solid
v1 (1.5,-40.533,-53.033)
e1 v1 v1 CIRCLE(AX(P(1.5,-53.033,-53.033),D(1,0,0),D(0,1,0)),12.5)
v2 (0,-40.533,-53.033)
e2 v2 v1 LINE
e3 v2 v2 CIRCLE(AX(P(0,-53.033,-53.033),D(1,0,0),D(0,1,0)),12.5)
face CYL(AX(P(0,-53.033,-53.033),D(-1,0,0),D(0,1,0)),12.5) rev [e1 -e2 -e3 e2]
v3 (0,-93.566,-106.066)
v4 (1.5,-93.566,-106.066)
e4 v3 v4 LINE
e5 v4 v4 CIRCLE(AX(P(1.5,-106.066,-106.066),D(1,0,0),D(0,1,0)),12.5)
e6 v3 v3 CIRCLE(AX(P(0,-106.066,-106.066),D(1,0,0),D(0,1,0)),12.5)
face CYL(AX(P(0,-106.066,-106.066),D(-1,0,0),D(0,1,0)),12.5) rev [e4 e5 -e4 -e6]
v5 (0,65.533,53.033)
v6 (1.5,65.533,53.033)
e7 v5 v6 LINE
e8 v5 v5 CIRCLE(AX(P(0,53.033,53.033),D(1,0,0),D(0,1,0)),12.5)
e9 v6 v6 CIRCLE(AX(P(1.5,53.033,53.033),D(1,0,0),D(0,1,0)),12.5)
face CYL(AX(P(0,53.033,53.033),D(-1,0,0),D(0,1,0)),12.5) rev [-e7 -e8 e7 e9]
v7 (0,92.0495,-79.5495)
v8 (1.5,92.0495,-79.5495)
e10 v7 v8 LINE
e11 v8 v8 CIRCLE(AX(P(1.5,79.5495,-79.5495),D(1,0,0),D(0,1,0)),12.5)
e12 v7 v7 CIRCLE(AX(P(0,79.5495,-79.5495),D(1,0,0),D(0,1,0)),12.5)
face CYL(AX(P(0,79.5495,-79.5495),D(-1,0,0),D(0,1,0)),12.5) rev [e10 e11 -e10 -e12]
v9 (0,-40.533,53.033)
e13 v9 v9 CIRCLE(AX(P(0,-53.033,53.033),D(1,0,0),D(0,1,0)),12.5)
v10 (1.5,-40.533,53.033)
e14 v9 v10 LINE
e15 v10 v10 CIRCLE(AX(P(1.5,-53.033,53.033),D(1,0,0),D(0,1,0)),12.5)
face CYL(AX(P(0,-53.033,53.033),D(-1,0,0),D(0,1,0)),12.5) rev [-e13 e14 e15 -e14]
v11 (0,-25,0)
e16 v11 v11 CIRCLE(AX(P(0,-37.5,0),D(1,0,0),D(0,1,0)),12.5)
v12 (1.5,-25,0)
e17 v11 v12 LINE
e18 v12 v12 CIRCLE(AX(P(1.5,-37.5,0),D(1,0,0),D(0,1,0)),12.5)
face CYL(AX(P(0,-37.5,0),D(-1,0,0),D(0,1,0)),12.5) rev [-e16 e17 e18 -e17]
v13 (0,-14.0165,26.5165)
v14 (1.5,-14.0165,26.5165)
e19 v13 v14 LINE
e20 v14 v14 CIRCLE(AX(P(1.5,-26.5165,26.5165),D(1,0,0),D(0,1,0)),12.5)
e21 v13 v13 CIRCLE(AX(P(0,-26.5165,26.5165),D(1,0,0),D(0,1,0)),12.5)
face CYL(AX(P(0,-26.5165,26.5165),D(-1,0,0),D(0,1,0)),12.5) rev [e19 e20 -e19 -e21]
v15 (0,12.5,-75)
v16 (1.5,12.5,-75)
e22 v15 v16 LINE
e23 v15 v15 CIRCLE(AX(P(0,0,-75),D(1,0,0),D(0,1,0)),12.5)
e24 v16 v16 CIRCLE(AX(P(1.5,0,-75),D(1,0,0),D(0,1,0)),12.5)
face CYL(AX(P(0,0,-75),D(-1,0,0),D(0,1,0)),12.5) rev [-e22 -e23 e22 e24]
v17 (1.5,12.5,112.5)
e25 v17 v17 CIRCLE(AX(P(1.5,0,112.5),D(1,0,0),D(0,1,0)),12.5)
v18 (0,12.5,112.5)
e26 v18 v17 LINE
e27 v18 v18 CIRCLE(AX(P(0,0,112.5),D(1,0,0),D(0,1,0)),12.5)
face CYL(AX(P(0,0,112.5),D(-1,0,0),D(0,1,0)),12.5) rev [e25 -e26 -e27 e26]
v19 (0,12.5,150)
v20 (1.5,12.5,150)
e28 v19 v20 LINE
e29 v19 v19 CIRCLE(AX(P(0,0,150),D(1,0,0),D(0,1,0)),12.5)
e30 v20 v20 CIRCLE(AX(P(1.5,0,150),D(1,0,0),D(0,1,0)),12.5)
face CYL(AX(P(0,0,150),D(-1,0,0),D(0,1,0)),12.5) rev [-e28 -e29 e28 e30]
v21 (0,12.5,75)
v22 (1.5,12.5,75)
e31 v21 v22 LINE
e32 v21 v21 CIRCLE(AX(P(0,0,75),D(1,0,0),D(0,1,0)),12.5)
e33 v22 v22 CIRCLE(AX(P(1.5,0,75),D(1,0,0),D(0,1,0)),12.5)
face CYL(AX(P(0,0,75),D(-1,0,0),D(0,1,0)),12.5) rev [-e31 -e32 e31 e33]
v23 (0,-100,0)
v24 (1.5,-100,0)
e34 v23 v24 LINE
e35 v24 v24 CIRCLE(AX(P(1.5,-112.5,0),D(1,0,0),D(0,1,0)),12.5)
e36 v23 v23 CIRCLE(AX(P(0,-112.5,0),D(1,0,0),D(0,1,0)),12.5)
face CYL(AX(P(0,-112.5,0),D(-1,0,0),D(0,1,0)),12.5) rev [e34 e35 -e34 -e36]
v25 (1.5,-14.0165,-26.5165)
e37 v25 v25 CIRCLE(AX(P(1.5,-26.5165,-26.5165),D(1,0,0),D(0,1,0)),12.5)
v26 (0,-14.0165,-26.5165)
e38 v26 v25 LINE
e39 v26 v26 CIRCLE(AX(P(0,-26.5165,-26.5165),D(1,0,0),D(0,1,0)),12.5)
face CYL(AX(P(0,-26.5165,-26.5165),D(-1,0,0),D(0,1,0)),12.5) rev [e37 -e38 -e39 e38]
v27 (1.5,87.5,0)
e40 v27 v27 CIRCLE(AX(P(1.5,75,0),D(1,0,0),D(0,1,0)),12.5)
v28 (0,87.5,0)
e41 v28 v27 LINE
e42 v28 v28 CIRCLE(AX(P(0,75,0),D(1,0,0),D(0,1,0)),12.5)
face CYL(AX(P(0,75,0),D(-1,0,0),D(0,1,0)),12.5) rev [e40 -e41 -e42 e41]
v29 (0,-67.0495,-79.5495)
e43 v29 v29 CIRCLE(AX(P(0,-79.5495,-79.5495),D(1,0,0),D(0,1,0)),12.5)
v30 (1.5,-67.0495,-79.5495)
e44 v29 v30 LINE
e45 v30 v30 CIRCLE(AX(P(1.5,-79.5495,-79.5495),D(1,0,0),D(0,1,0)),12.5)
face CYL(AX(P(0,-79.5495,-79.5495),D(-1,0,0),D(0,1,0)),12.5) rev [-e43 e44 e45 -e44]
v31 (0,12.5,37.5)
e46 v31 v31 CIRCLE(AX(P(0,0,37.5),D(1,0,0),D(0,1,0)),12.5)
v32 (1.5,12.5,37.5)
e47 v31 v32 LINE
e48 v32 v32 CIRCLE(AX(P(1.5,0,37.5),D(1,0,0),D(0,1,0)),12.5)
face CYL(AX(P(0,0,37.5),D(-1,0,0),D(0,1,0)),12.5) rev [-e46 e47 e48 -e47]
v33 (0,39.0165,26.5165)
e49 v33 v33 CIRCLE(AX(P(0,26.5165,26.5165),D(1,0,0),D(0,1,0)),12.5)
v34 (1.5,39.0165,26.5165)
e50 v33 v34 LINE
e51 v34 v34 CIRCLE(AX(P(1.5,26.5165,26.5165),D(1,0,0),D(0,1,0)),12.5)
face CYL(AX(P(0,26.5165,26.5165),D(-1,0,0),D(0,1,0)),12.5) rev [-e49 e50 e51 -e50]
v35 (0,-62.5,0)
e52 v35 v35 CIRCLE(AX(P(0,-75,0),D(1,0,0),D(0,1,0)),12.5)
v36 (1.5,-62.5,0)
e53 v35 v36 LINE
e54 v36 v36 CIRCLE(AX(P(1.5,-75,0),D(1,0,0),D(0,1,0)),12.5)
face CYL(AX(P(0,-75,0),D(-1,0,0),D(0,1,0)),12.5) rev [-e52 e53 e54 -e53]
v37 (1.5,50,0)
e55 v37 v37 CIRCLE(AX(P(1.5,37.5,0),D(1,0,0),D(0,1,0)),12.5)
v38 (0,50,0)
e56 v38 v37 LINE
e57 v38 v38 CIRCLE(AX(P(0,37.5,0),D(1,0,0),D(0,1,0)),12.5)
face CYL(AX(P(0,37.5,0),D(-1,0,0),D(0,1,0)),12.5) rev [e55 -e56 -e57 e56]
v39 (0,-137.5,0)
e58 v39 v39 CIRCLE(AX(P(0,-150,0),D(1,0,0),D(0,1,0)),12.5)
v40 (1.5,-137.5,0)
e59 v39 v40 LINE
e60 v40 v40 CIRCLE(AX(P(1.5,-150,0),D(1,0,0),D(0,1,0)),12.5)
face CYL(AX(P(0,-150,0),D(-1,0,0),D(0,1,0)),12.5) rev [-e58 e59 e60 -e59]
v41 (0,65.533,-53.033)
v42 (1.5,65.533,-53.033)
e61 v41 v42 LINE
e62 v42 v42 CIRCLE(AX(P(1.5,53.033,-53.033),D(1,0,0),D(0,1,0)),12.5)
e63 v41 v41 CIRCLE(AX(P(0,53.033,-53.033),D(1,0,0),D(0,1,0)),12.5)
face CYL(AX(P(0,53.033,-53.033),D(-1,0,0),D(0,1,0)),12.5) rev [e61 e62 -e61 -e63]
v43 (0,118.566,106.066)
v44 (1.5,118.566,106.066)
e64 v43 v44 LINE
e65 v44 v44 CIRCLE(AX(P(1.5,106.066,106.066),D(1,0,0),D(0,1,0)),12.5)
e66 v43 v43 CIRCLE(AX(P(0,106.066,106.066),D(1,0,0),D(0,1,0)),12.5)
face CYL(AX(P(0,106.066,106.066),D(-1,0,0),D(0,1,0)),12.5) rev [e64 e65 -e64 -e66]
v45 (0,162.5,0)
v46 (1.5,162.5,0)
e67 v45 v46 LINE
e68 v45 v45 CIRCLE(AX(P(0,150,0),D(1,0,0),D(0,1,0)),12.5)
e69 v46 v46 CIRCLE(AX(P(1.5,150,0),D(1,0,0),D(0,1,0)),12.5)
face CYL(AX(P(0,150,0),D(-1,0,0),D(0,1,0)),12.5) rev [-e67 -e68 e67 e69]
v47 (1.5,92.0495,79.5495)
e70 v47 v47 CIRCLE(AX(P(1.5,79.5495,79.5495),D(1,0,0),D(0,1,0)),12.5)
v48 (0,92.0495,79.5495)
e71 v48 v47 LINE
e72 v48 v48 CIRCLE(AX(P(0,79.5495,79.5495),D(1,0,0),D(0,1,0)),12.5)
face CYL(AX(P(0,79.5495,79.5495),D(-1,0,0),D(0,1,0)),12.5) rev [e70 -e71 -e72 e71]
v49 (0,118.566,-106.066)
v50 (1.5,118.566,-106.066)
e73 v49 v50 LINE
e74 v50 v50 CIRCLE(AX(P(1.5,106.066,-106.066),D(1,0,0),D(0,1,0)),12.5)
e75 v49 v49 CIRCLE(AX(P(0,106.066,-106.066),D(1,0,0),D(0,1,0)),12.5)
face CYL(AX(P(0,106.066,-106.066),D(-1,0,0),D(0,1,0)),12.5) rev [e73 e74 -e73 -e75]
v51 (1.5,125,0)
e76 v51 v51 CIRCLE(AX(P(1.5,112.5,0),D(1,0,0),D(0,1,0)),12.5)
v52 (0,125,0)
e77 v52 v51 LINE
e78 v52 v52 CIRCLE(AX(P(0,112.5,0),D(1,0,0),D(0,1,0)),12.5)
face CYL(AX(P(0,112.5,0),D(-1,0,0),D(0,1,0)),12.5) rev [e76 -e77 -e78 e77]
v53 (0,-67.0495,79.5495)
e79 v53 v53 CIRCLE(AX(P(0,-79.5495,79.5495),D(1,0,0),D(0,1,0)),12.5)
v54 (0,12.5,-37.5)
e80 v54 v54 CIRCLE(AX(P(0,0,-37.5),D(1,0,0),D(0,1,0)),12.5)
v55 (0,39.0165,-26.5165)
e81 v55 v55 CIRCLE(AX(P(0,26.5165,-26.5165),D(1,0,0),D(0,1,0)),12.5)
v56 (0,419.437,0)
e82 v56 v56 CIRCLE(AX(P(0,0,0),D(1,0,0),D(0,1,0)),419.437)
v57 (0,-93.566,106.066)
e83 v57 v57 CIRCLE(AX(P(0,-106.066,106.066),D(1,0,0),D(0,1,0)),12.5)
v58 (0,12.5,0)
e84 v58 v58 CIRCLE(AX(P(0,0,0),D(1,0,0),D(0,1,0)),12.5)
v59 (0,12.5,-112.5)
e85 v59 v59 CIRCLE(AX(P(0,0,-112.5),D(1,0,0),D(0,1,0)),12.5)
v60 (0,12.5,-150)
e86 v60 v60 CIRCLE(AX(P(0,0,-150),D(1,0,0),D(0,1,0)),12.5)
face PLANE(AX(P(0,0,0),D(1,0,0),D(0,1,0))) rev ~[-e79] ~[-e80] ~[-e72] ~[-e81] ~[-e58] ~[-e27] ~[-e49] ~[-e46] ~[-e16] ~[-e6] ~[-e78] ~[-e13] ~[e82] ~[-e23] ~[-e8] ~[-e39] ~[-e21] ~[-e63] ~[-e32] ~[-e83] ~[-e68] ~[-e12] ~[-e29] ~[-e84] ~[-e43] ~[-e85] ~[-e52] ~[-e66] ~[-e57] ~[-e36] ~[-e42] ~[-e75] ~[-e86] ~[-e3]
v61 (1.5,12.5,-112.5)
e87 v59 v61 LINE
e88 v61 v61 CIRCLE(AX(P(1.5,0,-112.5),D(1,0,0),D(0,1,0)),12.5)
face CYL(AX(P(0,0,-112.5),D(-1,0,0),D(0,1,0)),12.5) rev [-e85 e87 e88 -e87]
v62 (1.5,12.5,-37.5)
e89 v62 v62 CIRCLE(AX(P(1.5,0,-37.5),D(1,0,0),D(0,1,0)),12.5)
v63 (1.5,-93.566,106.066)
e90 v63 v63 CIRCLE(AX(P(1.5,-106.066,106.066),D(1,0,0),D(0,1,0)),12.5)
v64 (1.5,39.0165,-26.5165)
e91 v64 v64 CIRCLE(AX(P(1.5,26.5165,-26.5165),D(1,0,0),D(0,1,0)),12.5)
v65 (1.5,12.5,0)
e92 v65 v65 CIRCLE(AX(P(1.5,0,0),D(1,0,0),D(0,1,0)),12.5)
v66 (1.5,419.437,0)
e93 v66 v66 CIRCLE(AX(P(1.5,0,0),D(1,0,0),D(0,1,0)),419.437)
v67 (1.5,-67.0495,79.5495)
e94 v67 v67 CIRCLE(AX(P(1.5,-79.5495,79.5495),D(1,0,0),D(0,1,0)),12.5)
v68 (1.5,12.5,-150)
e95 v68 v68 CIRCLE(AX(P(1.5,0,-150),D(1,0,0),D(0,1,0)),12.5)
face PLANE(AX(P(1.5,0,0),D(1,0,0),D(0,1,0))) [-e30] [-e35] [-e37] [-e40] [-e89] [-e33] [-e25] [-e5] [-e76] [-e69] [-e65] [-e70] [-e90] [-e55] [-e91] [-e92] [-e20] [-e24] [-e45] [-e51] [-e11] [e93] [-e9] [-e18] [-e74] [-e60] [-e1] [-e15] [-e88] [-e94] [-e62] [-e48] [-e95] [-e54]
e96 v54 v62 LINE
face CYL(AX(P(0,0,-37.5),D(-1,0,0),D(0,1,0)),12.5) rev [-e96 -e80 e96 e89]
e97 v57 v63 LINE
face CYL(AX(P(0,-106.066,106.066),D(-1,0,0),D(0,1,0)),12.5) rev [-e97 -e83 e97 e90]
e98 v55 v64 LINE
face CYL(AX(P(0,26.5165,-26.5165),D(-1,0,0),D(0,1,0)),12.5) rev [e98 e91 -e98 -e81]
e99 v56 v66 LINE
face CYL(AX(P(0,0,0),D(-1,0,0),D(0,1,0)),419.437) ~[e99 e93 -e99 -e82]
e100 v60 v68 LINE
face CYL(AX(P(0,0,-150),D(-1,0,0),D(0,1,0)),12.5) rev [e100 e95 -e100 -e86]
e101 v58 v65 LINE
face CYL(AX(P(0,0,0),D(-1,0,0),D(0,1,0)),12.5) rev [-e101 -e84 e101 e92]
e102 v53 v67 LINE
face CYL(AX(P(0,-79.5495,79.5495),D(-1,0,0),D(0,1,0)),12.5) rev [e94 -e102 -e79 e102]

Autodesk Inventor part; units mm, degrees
ref_plane "YZ Plane" through (0, 0, 0) normal (1, 0, 0) x (0, 1, 0)
ref_plane "XZ Plane" through (0, 0, 0) normal (0, 1, 0) x (-1, 0, 0)
ref_plane "XY Plane" through (0, 0, 0) normal (0, 0, 1) x (1, 0, 0)
sketch "Sketch1" plane through (0, 0, 0) normal (1, 0, 0) x (0, 1, 0)
  circle A0 centre (0, 0) radius 210 construction
  line L0 (0, 0) -> (210, 0) construction
  circle A1 centre (0, 0) radius 210
  line L1 (0, 0) -> (148.4924, 148.4924) construction
  line L2 (0, 0) -> (0, 210) construction
  circle A2 centre (0, 0) radius 12.5
  circle A3 centre (37.5, 0) radius 12.5
  circle A4 centre (75, 0) radius 12.5
  circle A5 centre (112.5, 0) radius 12.5
  circle A6 centre (150, 0) radius 12.5
  circle A7 centre (0, 37.5) radius 12.5
  circle A8 centre (0, 75) radius 12.5
  circle A9 centre (0, 112.5) radius 12.5
  circle A10 centre (0, 150) radius 12.5
  circle A11 centre (0, -37.5) radius 12.5
  circle A12 centre (0, -75) radius 12.5
  circle A13 centre (0, -112.5) radius 12.5
  circle A14 centre (0, -150) radius 12.5
  circle A15 centre (-37.5, 0) radius 12.5
  circle A16 centre (-75, 0) radius 12.5
  circle A17 centre (-112.5, 0) radius 12.5
  circle A18 centre (-150, 0) radius 12.5
  circle A19 centre (26.5165, 26.5165) radius 12.5
  circle A20 centre (53.033, 53.033) radius 12.5
  circle A21 centre (79.5495, 79.5495) radius 12.5
  circle A22 centre (106.066, 106.066) radius 12.5
  circle A23 centre (-26.5165, 26.5165) radius 12.5
  circle A24 centre (-53.033, 53.033) radius 12.5
  circle A25 centre (-79.5495, 79.5495) radius 12.5
  circle A26 centre (-106.066, 106.066) radius 12.5
  circle A27 centre (-53.033, -53.033) radius 12.5
  circle A28 centre (-79.5495, -79.5495) radius 12.5
  circle A29 centre (-106.066, -106.066) radius 12.5
  circle A30 centre (-26.5165, -26.5165) radius 12.5
  circle A31 centre (26.5165, -26.5165) radius 12.5
  circle A32 centre (53.033, -53.033) radius 12.5
  circle A33 centre (79.5495, -79.5495) radius 12.5
  circle A34 centre (106.066, -106.066) radius 12.5
  circle A35 centre (0, 0) radius 419.437
  dimension "d0" = 420
  dimension "d1" = 210
  dimension "d2" = 45
  dimension "d3" = 25
  dimension "d4" = 25
  dimension "d5" = 25
  dimension "d6" = 25
  dimension "d7" = 25
  dimension "d8" = 37.5
  dimension "d9" = 37.5
  dimension "d10" = 37.5
  dimension "d11" = 37.5
  dimension "d12" = 25
  dimension "d13" = 25
  dimension "d14" = 25
  dimension "d15" = 25
  dimension "d16" = 37.5
  dimension "d17" = 37.5
  dimension "d18" = 37.5
  dimension "d19" = 37.5
  dimension "d20" = 209.437
extrude "Plate1" add sketch "Sketch1" along normal blind 1.5 contours A1 | A35
equation "\"d9\" = d8"
equation "\"d10\" = d9"
equation "\"d11\" = d10"
equation "\"d16\" = d11"
equation "\"d17\" = d11"
equation "\"d18\" = d11"
equation "\"d21\" = Thickness"
equation "\"BendRadius\" = Thickness"
equation "\"BendReliefWidth\" = Thickness"
equation "\"BendReliefDepth\" = 0.5 * Thickness"
equation "\"CornerReliefSize\" = 4 * Thickness"
equation "\"MinimumRemnant\" = 2 * Thickness"
equation "\"TransitionRadius\" = BendRadius"
equation "\"JacobiRadiusSize\" = BendRadius"
equation "\"GapSize\" = Thickness"
equation "\"Thickness\" = 1.5"
properties part number "Fan_cover_flat"
